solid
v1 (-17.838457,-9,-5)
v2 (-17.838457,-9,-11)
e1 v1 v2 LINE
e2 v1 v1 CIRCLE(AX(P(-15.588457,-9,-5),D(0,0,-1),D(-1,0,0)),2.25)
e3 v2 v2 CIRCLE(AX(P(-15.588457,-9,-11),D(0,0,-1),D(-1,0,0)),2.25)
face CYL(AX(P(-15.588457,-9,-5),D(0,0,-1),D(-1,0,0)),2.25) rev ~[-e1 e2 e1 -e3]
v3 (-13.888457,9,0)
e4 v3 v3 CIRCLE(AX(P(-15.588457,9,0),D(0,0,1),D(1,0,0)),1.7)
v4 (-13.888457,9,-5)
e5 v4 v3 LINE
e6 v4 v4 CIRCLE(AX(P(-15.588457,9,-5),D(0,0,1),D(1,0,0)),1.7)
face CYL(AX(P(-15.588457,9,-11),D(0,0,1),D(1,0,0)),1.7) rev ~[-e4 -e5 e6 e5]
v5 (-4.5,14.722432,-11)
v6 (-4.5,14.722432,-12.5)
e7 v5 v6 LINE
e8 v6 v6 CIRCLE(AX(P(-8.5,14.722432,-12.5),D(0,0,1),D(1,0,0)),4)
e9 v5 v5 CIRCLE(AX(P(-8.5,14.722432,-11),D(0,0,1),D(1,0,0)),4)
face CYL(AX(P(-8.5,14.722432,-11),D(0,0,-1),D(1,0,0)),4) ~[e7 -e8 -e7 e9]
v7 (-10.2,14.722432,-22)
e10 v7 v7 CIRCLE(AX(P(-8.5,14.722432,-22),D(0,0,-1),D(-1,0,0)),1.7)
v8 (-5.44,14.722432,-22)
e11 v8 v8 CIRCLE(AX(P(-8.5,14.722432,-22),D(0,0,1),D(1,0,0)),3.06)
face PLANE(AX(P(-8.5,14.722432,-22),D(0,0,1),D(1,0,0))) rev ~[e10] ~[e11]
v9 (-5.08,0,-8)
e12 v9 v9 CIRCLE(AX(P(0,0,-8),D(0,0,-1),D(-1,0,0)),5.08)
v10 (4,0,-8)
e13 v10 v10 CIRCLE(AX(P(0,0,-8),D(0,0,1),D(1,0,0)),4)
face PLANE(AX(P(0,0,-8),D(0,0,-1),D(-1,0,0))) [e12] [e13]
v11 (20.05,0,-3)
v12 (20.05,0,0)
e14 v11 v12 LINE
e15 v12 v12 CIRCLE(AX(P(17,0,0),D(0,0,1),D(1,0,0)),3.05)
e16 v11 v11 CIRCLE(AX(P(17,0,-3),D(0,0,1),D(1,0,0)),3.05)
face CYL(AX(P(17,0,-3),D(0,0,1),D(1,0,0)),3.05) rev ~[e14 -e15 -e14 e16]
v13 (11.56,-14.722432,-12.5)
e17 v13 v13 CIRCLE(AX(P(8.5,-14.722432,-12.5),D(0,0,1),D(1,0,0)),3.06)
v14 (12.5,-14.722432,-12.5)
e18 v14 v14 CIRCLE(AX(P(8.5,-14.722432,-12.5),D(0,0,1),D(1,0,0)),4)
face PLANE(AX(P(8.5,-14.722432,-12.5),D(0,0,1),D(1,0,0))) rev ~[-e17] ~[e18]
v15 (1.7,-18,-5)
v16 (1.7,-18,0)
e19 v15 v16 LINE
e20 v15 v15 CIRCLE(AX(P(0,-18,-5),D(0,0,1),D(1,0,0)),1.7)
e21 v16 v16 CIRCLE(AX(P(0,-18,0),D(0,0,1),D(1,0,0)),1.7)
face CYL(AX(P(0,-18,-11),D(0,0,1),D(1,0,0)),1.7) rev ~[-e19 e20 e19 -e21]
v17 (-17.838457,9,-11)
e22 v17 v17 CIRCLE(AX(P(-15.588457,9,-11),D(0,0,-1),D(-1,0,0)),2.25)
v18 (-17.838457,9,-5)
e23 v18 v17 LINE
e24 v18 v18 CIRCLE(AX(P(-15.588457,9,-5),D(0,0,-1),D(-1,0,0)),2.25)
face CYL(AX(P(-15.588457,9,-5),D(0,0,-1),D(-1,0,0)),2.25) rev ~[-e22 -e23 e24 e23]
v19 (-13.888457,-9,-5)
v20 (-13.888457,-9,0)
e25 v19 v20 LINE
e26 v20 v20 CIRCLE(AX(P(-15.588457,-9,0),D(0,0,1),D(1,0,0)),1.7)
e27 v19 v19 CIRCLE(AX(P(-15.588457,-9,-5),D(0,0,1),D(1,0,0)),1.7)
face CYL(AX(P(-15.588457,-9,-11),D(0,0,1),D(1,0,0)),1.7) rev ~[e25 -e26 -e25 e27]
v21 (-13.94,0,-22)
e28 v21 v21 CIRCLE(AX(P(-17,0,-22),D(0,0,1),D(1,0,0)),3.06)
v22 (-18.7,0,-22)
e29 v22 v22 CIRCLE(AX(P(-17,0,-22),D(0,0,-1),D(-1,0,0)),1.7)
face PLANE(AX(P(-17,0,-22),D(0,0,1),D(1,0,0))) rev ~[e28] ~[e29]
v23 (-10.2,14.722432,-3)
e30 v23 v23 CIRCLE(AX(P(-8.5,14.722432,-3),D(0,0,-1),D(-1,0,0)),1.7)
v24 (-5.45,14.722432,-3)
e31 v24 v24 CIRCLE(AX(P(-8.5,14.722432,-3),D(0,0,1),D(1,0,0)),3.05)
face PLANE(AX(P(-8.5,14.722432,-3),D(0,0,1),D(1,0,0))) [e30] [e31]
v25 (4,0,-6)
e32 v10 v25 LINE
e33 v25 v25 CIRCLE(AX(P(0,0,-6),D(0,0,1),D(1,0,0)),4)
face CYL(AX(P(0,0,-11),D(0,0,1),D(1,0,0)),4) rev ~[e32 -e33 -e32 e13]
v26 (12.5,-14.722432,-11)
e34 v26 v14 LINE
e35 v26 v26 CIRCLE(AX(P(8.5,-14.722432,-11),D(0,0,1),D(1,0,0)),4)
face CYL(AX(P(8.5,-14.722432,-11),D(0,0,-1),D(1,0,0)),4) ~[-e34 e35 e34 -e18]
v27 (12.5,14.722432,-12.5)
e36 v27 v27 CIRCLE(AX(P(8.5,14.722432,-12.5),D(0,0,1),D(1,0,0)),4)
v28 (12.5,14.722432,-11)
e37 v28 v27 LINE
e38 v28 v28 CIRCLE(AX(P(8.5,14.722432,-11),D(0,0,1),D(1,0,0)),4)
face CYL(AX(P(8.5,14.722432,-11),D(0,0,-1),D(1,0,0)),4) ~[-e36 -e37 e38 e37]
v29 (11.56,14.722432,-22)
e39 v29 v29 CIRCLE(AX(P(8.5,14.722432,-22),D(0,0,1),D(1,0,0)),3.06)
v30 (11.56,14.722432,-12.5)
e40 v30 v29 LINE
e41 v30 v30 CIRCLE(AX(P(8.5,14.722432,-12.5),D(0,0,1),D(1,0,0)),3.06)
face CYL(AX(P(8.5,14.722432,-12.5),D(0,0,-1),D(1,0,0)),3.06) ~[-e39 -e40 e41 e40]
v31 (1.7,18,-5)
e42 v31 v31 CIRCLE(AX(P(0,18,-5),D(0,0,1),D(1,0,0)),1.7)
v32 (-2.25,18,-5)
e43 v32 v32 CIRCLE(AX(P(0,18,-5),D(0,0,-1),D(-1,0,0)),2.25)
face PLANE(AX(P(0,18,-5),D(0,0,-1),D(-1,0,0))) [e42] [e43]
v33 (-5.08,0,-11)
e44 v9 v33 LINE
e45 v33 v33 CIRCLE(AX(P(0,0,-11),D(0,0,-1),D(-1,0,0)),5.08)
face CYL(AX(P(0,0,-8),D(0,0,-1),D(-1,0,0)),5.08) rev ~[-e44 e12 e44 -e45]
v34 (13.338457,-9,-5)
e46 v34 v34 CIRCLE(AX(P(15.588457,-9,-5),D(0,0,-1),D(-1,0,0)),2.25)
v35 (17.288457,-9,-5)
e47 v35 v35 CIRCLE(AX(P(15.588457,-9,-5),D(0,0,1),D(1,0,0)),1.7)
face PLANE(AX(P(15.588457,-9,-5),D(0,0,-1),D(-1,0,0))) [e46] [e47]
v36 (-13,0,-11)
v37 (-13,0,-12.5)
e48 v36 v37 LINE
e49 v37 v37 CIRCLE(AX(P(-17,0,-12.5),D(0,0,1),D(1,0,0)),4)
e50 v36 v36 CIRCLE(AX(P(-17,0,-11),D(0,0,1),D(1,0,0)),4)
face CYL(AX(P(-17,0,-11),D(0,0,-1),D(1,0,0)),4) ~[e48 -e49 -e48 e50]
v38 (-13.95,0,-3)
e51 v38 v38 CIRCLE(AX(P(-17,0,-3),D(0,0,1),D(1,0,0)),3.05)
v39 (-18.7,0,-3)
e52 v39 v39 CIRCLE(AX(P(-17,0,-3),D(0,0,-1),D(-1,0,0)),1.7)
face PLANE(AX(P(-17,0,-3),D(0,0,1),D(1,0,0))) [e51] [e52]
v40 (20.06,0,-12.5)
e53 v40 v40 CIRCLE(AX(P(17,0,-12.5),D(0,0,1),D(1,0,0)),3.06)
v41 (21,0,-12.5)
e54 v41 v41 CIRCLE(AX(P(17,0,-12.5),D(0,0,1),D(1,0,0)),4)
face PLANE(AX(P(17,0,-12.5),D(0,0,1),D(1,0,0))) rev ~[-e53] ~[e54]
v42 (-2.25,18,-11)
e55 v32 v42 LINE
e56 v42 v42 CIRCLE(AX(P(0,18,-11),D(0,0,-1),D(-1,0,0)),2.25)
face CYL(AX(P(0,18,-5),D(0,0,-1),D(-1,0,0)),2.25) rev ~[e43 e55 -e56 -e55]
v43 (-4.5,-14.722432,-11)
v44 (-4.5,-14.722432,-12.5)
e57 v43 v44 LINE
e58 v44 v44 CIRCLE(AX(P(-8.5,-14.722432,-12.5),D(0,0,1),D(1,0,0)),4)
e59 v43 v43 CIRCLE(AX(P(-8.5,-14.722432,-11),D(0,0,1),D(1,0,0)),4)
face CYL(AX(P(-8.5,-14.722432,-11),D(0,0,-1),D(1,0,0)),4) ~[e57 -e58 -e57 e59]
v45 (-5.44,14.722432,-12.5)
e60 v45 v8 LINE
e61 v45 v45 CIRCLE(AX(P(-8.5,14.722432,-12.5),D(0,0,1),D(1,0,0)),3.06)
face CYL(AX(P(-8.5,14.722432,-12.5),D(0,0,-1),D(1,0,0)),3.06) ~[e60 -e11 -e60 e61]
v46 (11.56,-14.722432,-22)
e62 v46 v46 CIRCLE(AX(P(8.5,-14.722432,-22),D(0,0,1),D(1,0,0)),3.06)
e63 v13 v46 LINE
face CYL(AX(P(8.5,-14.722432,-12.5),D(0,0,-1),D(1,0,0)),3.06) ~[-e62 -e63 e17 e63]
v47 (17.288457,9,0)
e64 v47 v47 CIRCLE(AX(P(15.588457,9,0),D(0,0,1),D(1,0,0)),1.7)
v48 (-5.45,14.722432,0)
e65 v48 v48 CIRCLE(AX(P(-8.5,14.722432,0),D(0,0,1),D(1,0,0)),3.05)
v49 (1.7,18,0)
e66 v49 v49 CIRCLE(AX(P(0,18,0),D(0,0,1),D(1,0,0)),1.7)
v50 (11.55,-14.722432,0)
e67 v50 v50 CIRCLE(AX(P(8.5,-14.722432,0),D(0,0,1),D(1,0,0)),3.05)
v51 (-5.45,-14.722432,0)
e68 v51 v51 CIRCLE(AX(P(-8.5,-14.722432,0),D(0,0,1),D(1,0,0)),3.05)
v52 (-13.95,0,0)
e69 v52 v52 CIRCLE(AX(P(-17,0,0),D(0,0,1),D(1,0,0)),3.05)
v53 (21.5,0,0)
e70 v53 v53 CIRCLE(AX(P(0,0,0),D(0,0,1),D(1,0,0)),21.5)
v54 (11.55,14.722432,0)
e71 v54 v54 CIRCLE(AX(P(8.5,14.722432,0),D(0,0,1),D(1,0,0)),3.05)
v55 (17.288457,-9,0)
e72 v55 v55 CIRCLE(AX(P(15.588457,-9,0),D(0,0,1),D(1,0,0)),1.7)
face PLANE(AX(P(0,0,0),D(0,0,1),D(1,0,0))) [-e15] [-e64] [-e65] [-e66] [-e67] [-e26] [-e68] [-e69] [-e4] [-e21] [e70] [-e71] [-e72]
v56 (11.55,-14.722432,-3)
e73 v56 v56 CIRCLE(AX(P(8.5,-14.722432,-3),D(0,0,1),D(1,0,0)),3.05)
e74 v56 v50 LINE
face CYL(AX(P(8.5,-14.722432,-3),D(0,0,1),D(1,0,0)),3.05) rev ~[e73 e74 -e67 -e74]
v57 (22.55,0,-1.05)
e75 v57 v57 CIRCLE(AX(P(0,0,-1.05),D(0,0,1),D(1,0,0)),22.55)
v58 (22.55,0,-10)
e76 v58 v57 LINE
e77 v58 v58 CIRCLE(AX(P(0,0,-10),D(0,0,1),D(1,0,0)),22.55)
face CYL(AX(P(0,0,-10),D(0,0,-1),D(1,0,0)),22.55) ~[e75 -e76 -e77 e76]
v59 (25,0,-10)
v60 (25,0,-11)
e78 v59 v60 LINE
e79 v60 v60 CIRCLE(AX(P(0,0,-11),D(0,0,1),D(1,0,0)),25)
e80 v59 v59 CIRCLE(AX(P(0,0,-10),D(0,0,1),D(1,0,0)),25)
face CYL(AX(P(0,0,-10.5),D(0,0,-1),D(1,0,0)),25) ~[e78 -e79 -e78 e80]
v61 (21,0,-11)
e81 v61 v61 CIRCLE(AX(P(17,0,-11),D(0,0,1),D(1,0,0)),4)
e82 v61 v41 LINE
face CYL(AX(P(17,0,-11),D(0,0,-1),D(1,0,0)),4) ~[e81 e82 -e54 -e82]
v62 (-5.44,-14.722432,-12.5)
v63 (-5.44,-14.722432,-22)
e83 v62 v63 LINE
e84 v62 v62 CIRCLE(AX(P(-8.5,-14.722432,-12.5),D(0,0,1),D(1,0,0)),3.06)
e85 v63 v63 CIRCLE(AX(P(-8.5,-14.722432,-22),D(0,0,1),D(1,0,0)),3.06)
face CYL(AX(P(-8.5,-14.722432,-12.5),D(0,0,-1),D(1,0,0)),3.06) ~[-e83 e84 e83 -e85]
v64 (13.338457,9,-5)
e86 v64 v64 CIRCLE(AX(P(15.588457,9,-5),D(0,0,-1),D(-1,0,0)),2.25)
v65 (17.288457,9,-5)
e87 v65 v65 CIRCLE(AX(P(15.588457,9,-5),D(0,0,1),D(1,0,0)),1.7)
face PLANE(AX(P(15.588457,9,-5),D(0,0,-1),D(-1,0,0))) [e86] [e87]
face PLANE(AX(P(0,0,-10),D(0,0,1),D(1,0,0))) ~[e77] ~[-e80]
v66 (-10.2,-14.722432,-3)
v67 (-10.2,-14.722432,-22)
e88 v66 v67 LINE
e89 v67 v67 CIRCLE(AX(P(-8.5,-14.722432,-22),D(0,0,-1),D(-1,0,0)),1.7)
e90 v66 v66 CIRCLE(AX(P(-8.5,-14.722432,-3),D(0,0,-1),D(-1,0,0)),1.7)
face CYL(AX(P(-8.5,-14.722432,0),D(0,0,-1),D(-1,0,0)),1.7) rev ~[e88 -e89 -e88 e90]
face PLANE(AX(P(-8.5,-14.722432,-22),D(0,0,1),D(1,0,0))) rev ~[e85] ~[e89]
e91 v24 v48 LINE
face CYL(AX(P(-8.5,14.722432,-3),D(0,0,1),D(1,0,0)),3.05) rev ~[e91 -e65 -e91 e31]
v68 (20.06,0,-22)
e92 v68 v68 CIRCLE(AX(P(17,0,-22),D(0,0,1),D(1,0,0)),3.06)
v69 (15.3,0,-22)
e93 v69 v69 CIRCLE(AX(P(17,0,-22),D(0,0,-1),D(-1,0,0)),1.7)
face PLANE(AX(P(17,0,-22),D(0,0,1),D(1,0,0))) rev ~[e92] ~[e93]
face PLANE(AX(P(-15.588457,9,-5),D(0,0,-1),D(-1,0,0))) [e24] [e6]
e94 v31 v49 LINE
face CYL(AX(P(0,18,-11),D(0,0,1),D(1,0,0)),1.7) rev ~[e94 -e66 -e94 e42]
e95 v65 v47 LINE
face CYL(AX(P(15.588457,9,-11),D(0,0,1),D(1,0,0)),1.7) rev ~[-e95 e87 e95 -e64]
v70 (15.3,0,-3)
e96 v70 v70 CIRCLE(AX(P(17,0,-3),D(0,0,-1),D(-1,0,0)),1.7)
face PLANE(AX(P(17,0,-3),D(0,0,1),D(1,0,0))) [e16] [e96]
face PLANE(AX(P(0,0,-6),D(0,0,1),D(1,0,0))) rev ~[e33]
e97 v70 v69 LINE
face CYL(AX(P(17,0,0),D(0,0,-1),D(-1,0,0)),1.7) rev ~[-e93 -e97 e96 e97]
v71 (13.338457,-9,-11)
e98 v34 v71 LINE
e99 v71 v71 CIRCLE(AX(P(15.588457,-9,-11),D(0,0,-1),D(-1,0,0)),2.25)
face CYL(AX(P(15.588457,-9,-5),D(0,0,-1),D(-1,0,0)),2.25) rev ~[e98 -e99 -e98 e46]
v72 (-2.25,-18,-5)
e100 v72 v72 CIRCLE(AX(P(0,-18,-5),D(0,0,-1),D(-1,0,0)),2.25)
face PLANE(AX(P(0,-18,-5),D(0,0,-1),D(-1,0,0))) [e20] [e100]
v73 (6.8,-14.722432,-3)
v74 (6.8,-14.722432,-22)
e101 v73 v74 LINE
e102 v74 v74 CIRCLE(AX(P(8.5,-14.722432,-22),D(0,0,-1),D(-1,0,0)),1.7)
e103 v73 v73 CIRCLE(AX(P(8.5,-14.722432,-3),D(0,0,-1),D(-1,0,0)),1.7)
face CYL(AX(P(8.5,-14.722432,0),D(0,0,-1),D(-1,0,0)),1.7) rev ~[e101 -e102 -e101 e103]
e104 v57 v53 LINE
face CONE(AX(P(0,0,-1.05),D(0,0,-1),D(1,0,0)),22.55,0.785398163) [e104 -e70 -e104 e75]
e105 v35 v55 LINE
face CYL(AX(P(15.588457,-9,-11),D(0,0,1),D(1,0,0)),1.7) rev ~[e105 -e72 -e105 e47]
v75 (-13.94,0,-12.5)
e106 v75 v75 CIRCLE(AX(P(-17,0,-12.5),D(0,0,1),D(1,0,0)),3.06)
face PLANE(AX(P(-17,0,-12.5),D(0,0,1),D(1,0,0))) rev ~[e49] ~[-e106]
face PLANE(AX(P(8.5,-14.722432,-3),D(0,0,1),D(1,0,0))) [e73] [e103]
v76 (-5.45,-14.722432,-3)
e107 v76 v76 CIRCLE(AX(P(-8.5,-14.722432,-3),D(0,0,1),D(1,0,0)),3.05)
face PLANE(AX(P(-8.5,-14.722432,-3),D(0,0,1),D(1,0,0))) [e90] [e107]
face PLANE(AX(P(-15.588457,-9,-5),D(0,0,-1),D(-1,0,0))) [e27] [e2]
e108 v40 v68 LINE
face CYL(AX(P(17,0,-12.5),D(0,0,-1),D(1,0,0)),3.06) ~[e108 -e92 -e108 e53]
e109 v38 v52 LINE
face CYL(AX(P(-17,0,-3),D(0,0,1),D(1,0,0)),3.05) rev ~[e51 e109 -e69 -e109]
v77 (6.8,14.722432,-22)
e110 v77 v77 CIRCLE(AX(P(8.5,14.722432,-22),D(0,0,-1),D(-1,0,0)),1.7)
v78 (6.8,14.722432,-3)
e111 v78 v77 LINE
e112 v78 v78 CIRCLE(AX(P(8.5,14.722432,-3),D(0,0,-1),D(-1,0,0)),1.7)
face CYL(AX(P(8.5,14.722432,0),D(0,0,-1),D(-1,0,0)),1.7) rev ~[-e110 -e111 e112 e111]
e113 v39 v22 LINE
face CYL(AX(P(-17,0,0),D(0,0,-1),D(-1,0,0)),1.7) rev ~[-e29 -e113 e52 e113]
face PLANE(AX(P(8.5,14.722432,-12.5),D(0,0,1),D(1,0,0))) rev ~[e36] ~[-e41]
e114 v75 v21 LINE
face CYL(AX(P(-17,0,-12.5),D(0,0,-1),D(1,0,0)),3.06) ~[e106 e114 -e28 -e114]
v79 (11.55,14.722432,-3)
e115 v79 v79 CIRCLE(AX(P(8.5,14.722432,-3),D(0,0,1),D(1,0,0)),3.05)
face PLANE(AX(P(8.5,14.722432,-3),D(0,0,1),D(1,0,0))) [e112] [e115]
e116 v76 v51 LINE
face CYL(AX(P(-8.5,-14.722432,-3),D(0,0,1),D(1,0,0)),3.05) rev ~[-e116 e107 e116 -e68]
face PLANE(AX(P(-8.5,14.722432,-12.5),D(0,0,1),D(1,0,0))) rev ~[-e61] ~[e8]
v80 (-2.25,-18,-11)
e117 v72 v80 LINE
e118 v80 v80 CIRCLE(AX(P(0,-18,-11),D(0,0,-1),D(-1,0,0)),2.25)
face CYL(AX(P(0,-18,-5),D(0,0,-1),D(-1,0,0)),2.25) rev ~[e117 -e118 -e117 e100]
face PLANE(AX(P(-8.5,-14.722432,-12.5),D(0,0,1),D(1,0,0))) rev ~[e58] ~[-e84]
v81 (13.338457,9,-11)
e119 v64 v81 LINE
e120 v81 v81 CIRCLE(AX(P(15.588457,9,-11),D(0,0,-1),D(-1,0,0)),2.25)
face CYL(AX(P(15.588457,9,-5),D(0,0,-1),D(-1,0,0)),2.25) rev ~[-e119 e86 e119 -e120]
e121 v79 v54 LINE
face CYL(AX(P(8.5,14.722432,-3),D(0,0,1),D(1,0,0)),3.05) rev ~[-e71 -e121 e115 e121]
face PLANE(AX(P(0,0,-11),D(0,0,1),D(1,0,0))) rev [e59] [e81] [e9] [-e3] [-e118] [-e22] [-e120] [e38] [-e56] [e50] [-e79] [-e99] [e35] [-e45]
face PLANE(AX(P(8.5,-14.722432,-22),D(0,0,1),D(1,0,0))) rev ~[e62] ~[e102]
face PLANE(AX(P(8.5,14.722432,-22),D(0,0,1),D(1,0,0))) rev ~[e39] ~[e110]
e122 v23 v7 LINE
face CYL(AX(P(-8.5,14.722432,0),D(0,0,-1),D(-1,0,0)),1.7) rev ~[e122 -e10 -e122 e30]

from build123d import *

# Parameters (mm, degrees)
SKETCH_1_W                   = 25
SKETCH_1_H                   = 1
SKETCH_2_R                   = 22.55
EXTRUDE_1_DEPTH              = 10
HOLE_WIZARD_M3_1_D           = 3.4
HOLE_WIZARD_M3_1_DEPTH       = 11
HOLE_WIZARD_M3_1_CBORE_D     = 4.5
HOLE_WIZARD_M3_1_CBORE_DEPTH = 6
HOLE_WIZARD_1_D              = 8
HOLE_WIZARD_1_DEPTH          = 5
HOLE_WIZARD_1_CBORE_D        = 10.16
HOLE_WIZARD_1_CBORE_DEPTH    = 3
HOLE_WIZARD_M3_2_D           = 3.4
HOLE_WIZARD_M3_2_DEPTH       = 22
HOLE_WIZARD_M3_2_CBORE_D     = 6.1
HOLE_WIZARD_M3_2_CBORE_DEPTH = 3
CHAMFER_1_SIZE               = 1.05


with BuildPart() as part:
    # 草图1 → 旋转1 (revolve)
    with BuildSketch(Plane(origin=(0, 0, 0), x_dir=(1, 0, 0), z_dir=(0, 1, 0))):
        with Locations((12.5, 10.5)):
            Rectangle(SKETCH_1_W, SKETCH_1_H)
    revolve(axis=Axis((0, 0, -11), (0, 0, 1)))

    # 草图2 → 凸台-拉伸1 (add)
    with BuildSketch(Plane.XY.offset(-10)):
        Circle(SKETCH_2_R)
    extrude(amount=EXTRUDE_1_DEPTH)

    # 草图3 → 旋转2 (revolve)
    with BuildSketch(Plane(origin=(0, -14.722431864, 0), x_dir=(1, 0, 0), z_dir=(0, 1, 0))):
        Polygon((11.56, 22), (8.5, 22), (8.5, 11), (12.5, 11), (12.5, 12.5), (11.56, 12.5), align=None)
    revolve(axis=Axis((8.5, -14.722431864, -22), (0, 0, 1)))

    # 草图4 → 旋转3 (revolve)
    with BuildSketch(Plane(origin=(0, -14.722431864, 0), x_dir=(1, 0, 0), z_dir=(0, 1, 0))):
        Polygon((-5.44, 22), (-8.5, 22), (-8.5, 11), (-4.5, 11), (-4.5, 12.5), (-5.44, 12.5), align=None)
    revolve(axis=Axis((-8.5, -14.722431864, -22), (0, 0, 1)))

    # 草图5 → 旋转4 (revolve)
    with BuildSketch(Plane(origin=(0, 0, 0), x_dir=(1, 0, 0), z_dir=(0, 1, 0))):
        Polygon((-13.94, 22), (-17, 22), (-17, 11), (-13, 11), (-13, 12.5), (-13.94, 12.5), align=None)
    revolve(axis=Axis((-17, 0, -22), (0, 0, 1)))

    # 草图6 → 旋转5 (revolve)
    with BuildSketch(Plane(origin=(0, 14.722431864, 0), x_dir=(1, 0, 0), z_dir=(0, 1, 0))):
        Polygon((-5.44, 22), (-8.5, 22), (-8.5, 11), (-4.5, 11), (-4.5, 12.5), (-5.44, 12.5), align=None)
    revolve(axis=Axis((-8.5, 14.722431864, -22), (0, 0, 1)))

    # 草图7 → 旋转6 (revolve)
    with BuildSketch(Plane(origin=(0, 14.722431864, 0), x_dir=(1, 0, 0), z_dir=(0, 1, 0))):
        Polygon((11.56, 22), (8.5, 22), (8.5, 11), (12.5, 11), (12.5, 12.5), (11.56, 12.5), align=None)
    revolve(axis=Axis((8.5, 14.722431864, -22), (0, 0, 1)))

    # 草图8 → 旋转7 (revolve)
    with BuildSketch(Plane(origin=(0, 0, 0), x_dir=(1, 0, 0), z_dir=(0, 1, 0))):
        Polygon((20.06, 22), (17, 22), (17, 11), (21, 11), (21, 12.5), (20.06, 12.5), align=None)
    revolve(axis=Axis((17, 0, -22), (0, 0, 1)))

    # M3 六角头机械螺钉的柱形沉头孔1
    with Locations(Plane(origin=(0, 0, -11), x_dir=(-1, 0, 0), z_dir=(0, 0, -1))):
        with Locations((15.588457268, 9), (0, 18), (-15.588457268, 9), (-15.588457268, -9), (0, -18), (15.588457268, -9)):
            CounterBoreHole(HOLE_WIZARD_M3_1_D / 2, HOLE_WIZARD_M3_1_CBORE_D / 2, HOLE_WIZARD_M3_1_CBORE_DEPTH, depth=HOLE_WIZARD_M3_1_DEPTH)

    # 孔1
    with Locations(Plane(origin=(0, 0, -11), x_dir=(-1, 0, 0), z_dir=(0, 0, -1))):
        with Locations((0, 0)):
            CounterBoreHole(HOLE_WIZARD_1_D / 2, HOLE_WIZARD_1_CBORE_D / 2, HOLE_WIZARD_1_CBORE_DEPTH, depth=HOLE_WIZARD_1_DEPTH)

    # M3 六角头机械螺钉的柱形沉头孔2
    with Locations(Plane.XY):
        with Locations((8.5, -14.722431864), (-8.5, -14.722431864), (-17, 0), (-8.5, 14.722431864), (8.5, 14.722431864), (17, 0)):
            CounterBoreHole(HOLE_WIZARD_M3_2_D / 2, HOLE_WIZARD_M3_2_CBORE_D / 2, HOLE_WIZARD_M3_2_CBORE_DEPTH, depth=HOLE_WIZARD_M3_2_DEPTH)

    # 倒角1
    chamfer_1_edges = [part.edges().sort_by_distance(p)[0] for p in [
        (-22.55, 0, 0),
    ]]
    chamfer(chamfer_1_edges, length=CHAMFER_1_SIZE)


solid = part.part
